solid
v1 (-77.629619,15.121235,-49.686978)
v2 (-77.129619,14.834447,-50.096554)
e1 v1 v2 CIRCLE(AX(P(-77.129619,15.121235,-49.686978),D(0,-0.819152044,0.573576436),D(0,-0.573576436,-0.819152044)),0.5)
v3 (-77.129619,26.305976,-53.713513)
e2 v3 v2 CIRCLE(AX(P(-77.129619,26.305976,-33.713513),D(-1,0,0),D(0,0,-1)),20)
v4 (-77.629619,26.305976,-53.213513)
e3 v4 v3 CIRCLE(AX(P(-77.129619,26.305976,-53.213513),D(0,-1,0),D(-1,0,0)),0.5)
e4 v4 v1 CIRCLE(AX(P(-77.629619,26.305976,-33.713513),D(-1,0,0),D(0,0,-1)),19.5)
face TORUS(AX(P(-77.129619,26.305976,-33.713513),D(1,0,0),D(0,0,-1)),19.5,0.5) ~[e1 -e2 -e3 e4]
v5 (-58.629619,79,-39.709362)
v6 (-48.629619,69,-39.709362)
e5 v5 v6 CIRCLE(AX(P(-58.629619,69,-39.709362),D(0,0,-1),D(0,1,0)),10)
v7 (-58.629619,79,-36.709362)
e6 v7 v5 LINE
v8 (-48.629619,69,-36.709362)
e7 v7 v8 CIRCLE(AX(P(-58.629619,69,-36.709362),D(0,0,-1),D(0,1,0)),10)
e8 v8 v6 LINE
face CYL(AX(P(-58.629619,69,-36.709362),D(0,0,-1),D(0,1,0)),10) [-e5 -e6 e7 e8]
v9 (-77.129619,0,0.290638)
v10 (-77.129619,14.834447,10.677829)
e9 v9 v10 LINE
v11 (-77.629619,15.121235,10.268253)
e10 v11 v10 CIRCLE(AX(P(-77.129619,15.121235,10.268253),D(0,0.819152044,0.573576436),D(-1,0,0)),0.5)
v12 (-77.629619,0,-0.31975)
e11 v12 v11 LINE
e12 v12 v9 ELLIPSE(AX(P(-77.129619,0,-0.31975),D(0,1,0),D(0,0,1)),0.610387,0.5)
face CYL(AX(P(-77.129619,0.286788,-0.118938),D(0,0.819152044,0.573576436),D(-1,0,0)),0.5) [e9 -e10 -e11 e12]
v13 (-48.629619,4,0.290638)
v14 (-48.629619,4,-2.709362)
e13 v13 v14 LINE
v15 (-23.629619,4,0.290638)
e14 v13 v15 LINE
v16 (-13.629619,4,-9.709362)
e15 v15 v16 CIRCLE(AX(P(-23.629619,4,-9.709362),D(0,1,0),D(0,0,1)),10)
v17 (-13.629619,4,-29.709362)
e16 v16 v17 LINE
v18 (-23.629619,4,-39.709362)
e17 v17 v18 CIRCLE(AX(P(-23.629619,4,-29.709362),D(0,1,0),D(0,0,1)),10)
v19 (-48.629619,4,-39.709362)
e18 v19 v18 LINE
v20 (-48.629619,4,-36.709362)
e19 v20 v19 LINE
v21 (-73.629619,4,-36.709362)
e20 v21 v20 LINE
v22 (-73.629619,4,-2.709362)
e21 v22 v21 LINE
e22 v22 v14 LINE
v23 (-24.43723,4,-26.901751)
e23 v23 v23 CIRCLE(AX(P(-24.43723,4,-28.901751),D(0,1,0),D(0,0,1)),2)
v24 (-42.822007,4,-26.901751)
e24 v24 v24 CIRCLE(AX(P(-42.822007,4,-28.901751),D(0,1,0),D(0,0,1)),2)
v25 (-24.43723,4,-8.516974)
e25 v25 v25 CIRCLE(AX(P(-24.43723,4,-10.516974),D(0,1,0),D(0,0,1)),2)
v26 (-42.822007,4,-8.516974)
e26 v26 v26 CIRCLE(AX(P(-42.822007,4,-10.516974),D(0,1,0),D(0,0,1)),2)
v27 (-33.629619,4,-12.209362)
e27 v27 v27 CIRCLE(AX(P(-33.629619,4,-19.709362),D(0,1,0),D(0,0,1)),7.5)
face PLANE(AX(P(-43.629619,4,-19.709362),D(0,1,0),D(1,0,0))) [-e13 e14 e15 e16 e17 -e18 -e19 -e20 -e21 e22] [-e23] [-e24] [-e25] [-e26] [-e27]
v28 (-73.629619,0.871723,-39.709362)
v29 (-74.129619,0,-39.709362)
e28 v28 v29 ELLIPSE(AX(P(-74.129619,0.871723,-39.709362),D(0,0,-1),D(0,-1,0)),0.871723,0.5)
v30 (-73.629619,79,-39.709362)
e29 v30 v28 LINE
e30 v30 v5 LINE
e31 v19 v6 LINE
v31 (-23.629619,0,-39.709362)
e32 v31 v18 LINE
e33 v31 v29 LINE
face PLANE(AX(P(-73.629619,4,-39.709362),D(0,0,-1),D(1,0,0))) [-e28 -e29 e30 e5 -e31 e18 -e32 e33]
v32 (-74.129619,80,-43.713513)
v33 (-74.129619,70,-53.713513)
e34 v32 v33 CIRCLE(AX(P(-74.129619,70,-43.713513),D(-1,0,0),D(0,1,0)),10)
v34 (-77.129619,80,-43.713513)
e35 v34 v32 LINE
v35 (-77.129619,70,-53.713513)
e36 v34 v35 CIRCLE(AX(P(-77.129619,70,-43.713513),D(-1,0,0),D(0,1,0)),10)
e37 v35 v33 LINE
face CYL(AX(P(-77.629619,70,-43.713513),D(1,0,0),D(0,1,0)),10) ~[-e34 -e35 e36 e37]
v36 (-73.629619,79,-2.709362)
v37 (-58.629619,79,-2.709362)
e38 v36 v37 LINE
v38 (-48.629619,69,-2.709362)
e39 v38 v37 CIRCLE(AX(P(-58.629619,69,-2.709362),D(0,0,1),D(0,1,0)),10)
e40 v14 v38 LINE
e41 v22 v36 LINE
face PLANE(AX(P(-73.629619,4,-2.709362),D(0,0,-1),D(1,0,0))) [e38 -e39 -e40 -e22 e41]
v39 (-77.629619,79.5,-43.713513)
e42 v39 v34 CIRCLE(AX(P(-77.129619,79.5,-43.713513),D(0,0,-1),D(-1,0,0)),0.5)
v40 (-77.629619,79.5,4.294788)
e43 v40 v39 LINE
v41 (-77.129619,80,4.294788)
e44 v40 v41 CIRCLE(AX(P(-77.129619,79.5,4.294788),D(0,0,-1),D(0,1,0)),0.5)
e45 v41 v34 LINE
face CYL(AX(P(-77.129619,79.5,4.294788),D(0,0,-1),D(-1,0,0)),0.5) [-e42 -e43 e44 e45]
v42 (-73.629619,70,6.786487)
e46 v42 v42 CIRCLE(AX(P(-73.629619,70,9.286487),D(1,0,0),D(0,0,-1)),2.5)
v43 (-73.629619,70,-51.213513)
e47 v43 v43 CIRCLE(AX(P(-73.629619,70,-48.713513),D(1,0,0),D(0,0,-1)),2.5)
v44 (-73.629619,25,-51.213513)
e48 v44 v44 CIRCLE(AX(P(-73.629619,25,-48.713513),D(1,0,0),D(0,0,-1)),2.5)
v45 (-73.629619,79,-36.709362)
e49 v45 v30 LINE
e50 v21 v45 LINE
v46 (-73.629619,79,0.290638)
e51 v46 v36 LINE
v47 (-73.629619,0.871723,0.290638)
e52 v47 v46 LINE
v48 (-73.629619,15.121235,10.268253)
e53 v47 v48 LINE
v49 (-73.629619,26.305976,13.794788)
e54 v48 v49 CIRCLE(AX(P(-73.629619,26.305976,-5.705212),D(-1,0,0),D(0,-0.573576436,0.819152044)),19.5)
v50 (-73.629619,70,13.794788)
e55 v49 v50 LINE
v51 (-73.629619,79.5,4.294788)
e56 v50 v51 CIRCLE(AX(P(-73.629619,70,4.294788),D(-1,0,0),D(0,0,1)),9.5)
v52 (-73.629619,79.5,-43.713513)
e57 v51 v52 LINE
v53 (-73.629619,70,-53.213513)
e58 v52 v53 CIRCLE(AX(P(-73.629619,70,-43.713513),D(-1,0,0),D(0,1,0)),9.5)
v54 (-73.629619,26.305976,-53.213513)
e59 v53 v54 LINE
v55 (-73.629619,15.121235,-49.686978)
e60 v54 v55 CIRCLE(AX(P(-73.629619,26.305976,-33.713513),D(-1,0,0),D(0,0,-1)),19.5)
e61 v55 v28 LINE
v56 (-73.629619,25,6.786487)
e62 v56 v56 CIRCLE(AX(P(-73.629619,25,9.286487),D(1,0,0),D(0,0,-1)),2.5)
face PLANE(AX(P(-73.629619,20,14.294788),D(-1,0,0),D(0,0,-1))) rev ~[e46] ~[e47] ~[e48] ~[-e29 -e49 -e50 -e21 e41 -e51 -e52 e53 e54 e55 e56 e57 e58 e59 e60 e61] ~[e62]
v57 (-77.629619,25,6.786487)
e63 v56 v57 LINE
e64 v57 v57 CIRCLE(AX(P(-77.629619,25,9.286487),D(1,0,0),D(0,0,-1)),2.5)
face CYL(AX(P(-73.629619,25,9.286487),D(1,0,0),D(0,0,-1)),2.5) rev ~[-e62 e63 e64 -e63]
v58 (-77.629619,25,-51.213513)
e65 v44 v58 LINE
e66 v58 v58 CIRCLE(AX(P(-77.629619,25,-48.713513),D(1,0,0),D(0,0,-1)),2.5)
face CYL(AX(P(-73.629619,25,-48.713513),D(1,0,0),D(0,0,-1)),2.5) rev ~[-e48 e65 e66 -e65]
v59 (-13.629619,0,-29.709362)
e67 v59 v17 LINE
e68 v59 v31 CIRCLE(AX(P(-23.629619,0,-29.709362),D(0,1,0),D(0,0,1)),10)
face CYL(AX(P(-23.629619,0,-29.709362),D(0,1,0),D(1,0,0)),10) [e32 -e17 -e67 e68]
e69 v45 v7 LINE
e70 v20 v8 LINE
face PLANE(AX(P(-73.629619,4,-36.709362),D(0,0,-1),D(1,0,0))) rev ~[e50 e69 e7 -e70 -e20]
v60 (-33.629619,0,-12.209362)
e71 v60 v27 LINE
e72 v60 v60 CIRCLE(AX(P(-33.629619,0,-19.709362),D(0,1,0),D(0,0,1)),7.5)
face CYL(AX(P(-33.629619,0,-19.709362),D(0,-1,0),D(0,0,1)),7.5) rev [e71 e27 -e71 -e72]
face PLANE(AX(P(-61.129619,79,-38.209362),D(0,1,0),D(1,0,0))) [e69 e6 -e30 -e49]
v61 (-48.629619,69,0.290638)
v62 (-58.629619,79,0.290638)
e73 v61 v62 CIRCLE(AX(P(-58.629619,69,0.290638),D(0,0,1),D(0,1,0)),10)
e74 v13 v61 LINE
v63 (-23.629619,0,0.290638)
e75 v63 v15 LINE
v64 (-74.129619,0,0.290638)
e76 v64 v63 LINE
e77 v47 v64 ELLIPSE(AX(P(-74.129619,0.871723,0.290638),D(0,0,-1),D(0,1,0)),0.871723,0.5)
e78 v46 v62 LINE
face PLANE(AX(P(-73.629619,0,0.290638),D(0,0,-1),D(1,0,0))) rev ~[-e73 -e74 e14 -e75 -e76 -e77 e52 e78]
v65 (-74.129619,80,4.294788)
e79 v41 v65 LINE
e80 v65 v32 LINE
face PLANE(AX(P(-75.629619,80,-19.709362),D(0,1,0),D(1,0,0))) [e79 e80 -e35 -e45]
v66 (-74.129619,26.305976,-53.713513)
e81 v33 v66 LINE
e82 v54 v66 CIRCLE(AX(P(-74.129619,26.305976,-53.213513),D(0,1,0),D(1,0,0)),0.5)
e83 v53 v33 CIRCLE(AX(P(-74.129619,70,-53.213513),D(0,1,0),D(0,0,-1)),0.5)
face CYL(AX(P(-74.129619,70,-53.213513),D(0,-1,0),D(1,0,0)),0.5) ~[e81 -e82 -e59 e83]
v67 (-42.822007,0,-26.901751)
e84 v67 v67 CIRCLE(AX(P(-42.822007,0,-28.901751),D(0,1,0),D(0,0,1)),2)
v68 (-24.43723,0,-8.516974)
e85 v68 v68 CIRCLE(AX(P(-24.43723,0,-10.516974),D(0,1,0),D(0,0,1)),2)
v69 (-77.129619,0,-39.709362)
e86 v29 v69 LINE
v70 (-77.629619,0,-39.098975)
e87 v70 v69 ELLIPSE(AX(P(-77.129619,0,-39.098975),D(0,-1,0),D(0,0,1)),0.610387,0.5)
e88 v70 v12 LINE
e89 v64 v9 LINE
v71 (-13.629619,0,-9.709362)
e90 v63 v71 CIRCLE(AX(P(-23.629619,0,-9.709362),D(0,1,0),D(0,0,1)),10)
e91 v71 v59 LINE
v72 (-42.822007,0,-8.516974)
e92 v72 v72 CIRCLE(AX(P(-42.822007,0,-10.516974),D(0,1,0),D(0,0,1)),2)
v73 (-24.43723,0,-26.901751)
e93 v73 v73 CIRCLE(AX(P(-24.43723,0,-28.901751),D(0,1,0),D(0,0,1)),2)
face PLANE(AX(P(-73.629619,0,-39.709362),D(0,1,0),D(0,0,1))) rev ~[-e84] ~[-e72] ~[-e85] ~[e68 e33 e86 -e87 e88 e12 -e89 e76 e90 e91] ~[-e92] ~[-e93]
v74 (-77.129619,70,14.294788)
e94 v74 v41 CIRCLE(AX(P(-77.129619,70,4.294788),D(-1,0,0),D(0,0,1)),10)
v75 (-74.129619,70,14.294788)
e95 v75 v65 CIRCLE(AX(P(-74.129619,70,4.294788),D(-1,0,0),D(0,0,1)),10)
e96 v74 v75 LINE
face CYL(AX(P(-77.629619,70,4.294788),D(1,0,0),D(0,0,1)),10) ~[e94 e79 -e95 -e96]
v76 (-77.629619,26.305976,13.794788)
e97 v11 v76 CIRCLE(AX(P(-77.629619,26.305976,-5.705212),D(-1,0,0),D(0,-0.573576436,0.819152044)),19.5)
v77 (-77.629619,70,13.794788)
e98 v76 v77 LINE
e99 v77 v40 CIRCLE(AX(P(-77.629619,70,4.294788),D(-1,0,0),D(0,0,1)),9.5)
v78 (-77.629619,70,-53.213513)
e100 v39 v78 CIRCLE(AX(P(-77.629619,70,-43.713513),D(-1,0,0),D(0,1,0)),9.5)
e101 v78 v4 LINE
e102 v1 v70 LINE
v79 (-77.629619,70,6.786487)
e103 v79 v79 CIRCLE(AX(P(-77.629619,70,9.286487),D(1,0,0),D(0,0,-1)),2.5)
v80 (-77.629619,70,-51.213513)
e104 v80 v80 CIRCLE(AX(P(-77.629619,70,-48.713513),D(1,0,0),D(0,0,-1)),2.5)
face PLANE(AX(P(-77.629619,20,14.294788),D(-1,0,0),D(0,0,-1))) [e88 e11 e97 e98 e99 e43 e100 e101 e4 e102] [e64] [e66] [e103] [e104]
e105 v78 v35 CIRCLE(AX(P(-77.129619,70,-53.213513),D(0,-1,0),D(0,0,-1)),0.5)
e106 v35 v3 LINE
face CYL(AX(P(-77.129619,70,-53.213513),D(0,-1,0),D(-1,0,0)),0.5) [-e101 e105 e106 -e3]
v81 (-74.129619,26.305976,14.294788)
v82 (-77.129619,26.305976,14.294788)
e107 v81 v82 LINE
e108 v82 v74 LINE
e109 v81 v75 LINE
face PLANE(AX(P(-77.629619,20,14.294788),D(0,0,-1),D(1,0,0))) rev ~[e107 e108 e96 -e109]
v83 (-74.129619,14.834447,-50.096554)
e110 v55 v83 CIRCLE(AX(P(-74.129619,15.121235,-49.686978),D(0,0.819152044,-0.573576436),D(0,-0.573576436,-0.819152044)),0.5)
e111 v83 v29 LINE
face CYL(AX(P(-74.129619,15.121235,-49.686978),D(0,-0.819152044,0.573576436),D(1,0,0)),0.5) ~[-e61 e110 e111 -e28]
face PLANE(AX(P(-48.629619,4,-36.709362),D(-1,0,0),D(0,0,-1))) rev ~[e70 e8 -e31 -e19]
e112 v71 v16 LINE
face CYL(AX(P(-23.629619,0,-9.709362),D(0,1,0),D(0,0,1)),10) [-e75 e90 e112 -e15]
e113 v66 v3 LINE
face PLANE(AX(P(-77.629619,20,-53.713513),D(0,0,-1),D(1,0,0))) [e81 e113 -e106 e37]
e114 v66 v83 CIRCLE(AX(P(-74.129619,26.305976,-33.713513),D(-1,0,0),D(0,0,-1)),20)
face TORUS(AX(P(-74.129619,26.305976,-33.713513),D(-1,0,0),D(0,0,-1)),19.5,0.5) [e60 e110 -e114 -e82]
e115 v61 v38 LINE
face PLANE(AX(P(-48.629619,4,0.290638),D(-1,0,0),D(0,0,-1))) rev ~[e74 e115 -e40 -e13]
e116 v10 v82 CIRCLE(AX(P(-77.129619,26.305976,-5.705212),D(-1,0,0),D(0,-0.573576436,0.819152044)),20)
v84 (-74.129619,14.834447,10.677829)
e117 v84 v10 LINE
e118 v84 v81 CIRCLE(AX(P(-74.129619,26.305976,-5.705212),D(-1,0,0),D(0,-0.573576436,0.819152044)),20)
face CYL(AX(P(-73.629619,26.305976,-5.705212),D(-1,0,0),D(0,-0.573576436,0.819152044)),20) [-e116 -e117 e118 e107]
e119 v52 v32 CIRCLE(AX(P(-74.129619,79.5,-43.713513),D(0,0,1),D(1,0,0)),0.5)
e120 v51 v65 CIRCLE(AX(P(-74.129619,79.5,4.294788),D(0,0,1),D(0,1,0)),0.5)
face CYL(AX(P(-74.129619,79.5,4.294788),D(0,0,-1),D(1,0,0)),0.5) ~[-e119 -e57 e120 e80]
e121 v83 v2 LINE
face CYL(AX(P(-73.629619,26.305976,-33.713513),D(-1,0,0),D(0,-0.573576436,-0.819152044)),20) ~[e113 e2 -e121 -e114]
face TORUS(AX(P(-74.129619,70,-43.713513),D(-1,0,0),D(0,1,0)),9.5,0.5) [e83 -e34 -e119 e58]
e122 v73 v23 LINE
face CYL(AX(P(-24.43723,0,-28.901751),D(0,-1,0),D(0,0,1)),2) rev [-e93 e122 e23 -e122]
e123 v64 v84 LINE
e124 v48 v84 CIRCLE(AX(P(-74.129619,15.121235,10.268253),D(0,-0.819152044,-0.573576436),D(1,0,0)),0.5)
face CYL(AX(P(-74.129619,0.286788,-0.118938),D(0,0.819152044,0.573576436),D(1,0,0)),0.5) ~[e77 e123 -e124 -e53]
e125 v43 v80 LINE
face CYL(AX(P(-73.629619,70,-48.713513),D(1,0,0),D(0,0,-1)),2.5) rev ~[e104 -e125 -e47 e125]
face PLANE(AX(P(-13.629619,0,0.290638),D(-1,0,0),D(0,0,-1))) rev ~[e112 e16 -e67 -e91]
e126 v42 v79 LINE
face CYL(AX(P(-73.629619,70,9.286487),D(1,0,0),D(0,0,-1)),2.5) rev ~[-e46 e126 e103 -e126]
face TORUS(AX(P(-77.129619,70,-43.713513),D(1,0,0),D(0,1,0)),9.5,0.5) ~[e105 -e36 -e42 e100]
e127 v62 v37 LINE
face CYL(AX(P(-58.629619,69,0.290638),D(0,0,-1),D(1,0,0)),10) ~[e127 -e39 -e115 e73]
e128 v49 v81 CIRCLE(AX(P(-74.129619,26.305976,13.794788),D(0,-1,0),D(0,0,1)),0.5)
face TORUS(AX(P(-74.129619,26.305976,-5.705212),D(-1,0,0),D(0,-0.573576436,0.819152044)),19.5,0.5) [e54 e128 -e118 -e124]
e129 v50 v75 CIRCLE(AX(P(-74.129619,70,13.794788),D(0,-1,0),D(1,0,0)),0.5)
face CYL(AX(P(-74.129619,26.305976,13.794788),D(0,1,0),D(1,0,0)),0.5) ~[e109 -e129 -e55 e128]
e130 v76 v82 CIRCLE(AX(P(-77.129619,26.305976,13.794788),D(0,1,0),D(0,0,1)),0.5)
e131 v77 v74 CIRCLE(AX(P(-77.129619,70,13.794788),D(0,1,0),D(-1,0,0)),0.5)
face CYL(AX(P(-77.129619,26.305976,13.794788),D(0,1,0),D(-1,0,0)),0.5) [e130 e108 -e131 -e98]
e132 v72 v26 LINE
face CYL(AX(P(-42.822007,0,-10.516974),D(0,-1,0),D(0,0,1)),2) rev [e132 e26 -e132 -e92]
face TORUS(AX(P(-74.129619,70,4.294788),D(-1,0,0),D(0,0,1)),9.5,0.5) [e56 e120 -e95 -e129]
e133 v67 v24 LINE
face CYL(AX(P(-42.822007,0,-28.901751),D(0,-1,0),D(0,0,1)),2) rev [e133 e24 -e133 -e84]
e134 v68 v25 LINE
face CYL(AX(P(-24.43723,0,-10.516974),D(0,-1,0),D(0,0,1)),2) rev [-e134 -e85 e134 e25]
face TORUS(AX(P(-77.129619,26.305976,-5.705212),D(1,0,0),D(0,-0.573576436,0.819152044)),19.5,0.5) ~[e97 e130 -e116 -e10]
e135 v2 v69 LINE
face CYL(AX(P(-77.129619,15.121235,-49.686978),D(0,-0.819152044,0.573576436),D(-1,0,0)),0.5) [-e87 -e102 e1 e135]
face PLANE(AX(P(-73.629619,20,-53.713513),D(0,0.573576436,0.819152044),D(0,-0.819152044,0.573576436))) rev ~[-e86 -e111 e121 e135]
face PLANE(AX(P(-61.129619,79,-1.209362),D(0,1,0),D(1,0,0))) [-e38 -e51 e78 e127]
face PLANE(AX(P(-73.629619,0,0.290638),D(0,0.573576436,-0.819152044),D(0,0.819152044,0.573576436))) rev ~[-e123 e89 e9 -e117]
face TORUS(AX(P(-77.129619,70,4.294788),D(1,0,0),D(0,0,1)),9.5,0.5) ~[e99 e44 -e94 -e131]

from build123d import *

# Parameters (mm, degrees)
SKETCH_1_W          = 60
SKETCH_1_H          = 40
SKETCH_1_R          = 7.5
SKETCH_1_R_2        = 2
EXTRUDE_1_DEPTH     = 4
EXTRUDE_2_DEPTH     = 4
SKETCH_6_W          = 4
SKETCH_6_H          = 68.008301528
EXTRUDE_3_DEPTH     = 60
SKETCH_7_R          = 2.5
CUT_EXTRUDE_1_DEPTH = 114.512737176
FILLET_1_R          = 10
FILLET_2_R          = 20
FILLET_4_R          = 10
FILLET_12_R         = 0.5
FILLET_13_R         = 0.5
SKETCH_10_W         = 25
SKETCH_10_H         = 3
EXTRUDE_6_DEPTH     = 75
FILLET_16_R         = 10


with BuildPart() as part:
    # 草图1 → 凸台-拉伸1 (new body)
    with BuildSketch(Plane(origin=(0, 0, 0), x_dir=(1, 0, 0), z_dir=(0, 1, 0))):
        with Locations((-43.629618652, 19.709362445)):
            Rectangle(SKETCH_1_W, SKETCH_1_H)
        with Locations(Location((-33.629618652, 19.709362445, 0), (0, 0, 270))):
            Circle(SKETCH_1_R, mode=Mode.SUBTRACT)
        with Locations(Location((-42.822006808, 28.9017506, 0), (0, 0, 270))):
            Circle(SKETCH_1_R_2, mode=Mode.SUBTRACT)
        with Locations(Location((-24.437230497, 28.9017506, 0), (0, 0, 270))):
            Circle(SKETCH_1_R_2, mode=Mode.SUBTRACT)
        with Locations(Location((-24.437230497, 10.516974289, 0), (0, 0, 270))):
            Circle(SKETCH_1_R_2, mode=Mode.SUBTRACT)
        with Locations(Location((-42.822006808, 10.516974289, 0), (0, 0, 270))):
            Circle(SKETCH_1_R_2, mode=Mode.SUBTRACT)
    extrude(amount=EXTRUDE_1_DEPTH)

    # 草图2 → 凸台-拉伸2 (add)
    with BuildSketch(Plane.ZY.offset(73.629618652)):
        Polygon((-53.713513209, 20), (-39.709362445, 0), (0.290637555, 0), (14.294788319, 20), align=None)
    extrude(amount=EXTRUDE_2_DEPTH)

    # 草图6 → 凸台-拉伸3 (add)
    with BuildSketch(Plane(origin=(0, 20, 0), x_dir=(1, 0, 0), z_dir=(0, 1, 0))):
        with Locations((-75.629618652, 19.709362445)):
            Rectangle(SKETCH_6_W, SKETCH_6_H)
    extrude(amount=EXTRUDE_3_DEPTH)

    # 草图7 → 切除-拉伸1 (cut, through all)
    with BuildSketch(Plane(origin=(-73.629618652, 0, 0), x_dir=(0, 0, -1), z_dir=(1, 0, 0))):
        with Locations((48.713513209, 25)):
            Circle(SKETCH_7_R)
        with Locations((-9.286486791, 25)):
            Circle(SKETCH_7_R)
        with Locations((48.713513209, 70)):
            Circle(SKETCH_7_R)
        with Locations((-9.286486791, 70)):
            Circle(SKETCH_7_R)
    extrude(amount=-CUT_EXTRUDE_1_DEPTH, mode=Mode.SUBTRACT)

    # 圆角1
    fillet_1_edges = [part.edges().sort_by_distance(p)[0] for p in [
        (-13.629618652, 2, -39.709362445),
        (-13.629618652, 2, 0.290637555),
    ]]
    fillet(fillet_1_edges, radius=FILLET_1_R)

    # 圆角2
    fillet_2_edges = [part.edges().sort_by_distance(p)[0] for p in [
        (-75.629618652, 20, 14.294788319),
        (-75.629618652, 20, -53.713513209),
    ]]
    fillet(fillet_2_edges, radius=FILLET_2_R)

    # 圆角4
    fillet_4_edges = [part.edges().sort_by_distance(p)[0] for p in [
        (-75.629618652, 80, -53.713513209),
        (-75.629618652, 80, 14.294788319),
    ]]
    fillet(fillet_4_edges, radius=FILLET_4_R)

    # 圆角12
    fillet_12_edges = [part.edges().sort_by_distance(p)[0] for p in [
        (-73.629618652, 80, -19.709362445),
        (-73.629618652, 48.152987889, -53.713513209),
        (-73.629618652, 48.152987889, 14.294788319),
        (-73.629618652, 77.071067812, -50.784581021),
        (-73.629618652, 77.071067812, 11.365856131),
        (-73.629618652, 7.417223525, 5.48423338),
        (-73.629618652, 7.417223525, -44.90295827),
        (-73.629618652, 20.291859787, 13.369127334),
        (-73.629618652, 20.291859787, -52.787852224),
    ]]
    fillet(fillet_12_edges, radius=FILLET_12_R)

    # 圆角13
    fillet_13_edges = [part.edges().sort_by_distance(p)[0] for p in [
        (-77.629618652, 80, -19.709362445),
        (-77.629618652, 48.152987889, 14.294788319),
        (-77.629618652, 48.152987889, -53.713513209),
        (-77.629618652, 77.071067812, -50.784581021),
        (-77.629618652, 77.071067812, 11.365856131),
        (-77.629618652, 7.417223525, 5.48423338),
        (-77.629618652, 7.417223525, -44.90295827),
        (-77.629618652, 20.291859787, 13.369127334),
        (-77.629618652, 20.291859787, -52.787852224),
    ]]
    fillet(fillet_13_edges, radius=FILLET_13_R)

    # 草图10 → 凸台-拉伸6 (add)
    with BuildSketch(Plane(origin=(0, 4, 0), x_dir=(1, 0, 0), z_dir=(0, 1, 0))):
        with Locations((-61.129618652, 38.209362445)):
            Rectangle(SKETCH_10_W, SKETCH_10_H)
        with Locations((-61.129618652, 1.209362445)):
            Rectangle(SKETCH_10_W, SKETCH_10_H)
    extrude(amount=EXTRUDE_6_DEPTH)

    # 圆角16
    fillet_16_edges = [part.edges().sort_by_distance(p)[0] for p in [
        (-48.629618652, 79, -38.209362445),
        (-48.629618652, 79, -1.209362445),
    ]]
    fillet(fillet_16_edges, radius=FILLET_16_R)


solid = part.part
